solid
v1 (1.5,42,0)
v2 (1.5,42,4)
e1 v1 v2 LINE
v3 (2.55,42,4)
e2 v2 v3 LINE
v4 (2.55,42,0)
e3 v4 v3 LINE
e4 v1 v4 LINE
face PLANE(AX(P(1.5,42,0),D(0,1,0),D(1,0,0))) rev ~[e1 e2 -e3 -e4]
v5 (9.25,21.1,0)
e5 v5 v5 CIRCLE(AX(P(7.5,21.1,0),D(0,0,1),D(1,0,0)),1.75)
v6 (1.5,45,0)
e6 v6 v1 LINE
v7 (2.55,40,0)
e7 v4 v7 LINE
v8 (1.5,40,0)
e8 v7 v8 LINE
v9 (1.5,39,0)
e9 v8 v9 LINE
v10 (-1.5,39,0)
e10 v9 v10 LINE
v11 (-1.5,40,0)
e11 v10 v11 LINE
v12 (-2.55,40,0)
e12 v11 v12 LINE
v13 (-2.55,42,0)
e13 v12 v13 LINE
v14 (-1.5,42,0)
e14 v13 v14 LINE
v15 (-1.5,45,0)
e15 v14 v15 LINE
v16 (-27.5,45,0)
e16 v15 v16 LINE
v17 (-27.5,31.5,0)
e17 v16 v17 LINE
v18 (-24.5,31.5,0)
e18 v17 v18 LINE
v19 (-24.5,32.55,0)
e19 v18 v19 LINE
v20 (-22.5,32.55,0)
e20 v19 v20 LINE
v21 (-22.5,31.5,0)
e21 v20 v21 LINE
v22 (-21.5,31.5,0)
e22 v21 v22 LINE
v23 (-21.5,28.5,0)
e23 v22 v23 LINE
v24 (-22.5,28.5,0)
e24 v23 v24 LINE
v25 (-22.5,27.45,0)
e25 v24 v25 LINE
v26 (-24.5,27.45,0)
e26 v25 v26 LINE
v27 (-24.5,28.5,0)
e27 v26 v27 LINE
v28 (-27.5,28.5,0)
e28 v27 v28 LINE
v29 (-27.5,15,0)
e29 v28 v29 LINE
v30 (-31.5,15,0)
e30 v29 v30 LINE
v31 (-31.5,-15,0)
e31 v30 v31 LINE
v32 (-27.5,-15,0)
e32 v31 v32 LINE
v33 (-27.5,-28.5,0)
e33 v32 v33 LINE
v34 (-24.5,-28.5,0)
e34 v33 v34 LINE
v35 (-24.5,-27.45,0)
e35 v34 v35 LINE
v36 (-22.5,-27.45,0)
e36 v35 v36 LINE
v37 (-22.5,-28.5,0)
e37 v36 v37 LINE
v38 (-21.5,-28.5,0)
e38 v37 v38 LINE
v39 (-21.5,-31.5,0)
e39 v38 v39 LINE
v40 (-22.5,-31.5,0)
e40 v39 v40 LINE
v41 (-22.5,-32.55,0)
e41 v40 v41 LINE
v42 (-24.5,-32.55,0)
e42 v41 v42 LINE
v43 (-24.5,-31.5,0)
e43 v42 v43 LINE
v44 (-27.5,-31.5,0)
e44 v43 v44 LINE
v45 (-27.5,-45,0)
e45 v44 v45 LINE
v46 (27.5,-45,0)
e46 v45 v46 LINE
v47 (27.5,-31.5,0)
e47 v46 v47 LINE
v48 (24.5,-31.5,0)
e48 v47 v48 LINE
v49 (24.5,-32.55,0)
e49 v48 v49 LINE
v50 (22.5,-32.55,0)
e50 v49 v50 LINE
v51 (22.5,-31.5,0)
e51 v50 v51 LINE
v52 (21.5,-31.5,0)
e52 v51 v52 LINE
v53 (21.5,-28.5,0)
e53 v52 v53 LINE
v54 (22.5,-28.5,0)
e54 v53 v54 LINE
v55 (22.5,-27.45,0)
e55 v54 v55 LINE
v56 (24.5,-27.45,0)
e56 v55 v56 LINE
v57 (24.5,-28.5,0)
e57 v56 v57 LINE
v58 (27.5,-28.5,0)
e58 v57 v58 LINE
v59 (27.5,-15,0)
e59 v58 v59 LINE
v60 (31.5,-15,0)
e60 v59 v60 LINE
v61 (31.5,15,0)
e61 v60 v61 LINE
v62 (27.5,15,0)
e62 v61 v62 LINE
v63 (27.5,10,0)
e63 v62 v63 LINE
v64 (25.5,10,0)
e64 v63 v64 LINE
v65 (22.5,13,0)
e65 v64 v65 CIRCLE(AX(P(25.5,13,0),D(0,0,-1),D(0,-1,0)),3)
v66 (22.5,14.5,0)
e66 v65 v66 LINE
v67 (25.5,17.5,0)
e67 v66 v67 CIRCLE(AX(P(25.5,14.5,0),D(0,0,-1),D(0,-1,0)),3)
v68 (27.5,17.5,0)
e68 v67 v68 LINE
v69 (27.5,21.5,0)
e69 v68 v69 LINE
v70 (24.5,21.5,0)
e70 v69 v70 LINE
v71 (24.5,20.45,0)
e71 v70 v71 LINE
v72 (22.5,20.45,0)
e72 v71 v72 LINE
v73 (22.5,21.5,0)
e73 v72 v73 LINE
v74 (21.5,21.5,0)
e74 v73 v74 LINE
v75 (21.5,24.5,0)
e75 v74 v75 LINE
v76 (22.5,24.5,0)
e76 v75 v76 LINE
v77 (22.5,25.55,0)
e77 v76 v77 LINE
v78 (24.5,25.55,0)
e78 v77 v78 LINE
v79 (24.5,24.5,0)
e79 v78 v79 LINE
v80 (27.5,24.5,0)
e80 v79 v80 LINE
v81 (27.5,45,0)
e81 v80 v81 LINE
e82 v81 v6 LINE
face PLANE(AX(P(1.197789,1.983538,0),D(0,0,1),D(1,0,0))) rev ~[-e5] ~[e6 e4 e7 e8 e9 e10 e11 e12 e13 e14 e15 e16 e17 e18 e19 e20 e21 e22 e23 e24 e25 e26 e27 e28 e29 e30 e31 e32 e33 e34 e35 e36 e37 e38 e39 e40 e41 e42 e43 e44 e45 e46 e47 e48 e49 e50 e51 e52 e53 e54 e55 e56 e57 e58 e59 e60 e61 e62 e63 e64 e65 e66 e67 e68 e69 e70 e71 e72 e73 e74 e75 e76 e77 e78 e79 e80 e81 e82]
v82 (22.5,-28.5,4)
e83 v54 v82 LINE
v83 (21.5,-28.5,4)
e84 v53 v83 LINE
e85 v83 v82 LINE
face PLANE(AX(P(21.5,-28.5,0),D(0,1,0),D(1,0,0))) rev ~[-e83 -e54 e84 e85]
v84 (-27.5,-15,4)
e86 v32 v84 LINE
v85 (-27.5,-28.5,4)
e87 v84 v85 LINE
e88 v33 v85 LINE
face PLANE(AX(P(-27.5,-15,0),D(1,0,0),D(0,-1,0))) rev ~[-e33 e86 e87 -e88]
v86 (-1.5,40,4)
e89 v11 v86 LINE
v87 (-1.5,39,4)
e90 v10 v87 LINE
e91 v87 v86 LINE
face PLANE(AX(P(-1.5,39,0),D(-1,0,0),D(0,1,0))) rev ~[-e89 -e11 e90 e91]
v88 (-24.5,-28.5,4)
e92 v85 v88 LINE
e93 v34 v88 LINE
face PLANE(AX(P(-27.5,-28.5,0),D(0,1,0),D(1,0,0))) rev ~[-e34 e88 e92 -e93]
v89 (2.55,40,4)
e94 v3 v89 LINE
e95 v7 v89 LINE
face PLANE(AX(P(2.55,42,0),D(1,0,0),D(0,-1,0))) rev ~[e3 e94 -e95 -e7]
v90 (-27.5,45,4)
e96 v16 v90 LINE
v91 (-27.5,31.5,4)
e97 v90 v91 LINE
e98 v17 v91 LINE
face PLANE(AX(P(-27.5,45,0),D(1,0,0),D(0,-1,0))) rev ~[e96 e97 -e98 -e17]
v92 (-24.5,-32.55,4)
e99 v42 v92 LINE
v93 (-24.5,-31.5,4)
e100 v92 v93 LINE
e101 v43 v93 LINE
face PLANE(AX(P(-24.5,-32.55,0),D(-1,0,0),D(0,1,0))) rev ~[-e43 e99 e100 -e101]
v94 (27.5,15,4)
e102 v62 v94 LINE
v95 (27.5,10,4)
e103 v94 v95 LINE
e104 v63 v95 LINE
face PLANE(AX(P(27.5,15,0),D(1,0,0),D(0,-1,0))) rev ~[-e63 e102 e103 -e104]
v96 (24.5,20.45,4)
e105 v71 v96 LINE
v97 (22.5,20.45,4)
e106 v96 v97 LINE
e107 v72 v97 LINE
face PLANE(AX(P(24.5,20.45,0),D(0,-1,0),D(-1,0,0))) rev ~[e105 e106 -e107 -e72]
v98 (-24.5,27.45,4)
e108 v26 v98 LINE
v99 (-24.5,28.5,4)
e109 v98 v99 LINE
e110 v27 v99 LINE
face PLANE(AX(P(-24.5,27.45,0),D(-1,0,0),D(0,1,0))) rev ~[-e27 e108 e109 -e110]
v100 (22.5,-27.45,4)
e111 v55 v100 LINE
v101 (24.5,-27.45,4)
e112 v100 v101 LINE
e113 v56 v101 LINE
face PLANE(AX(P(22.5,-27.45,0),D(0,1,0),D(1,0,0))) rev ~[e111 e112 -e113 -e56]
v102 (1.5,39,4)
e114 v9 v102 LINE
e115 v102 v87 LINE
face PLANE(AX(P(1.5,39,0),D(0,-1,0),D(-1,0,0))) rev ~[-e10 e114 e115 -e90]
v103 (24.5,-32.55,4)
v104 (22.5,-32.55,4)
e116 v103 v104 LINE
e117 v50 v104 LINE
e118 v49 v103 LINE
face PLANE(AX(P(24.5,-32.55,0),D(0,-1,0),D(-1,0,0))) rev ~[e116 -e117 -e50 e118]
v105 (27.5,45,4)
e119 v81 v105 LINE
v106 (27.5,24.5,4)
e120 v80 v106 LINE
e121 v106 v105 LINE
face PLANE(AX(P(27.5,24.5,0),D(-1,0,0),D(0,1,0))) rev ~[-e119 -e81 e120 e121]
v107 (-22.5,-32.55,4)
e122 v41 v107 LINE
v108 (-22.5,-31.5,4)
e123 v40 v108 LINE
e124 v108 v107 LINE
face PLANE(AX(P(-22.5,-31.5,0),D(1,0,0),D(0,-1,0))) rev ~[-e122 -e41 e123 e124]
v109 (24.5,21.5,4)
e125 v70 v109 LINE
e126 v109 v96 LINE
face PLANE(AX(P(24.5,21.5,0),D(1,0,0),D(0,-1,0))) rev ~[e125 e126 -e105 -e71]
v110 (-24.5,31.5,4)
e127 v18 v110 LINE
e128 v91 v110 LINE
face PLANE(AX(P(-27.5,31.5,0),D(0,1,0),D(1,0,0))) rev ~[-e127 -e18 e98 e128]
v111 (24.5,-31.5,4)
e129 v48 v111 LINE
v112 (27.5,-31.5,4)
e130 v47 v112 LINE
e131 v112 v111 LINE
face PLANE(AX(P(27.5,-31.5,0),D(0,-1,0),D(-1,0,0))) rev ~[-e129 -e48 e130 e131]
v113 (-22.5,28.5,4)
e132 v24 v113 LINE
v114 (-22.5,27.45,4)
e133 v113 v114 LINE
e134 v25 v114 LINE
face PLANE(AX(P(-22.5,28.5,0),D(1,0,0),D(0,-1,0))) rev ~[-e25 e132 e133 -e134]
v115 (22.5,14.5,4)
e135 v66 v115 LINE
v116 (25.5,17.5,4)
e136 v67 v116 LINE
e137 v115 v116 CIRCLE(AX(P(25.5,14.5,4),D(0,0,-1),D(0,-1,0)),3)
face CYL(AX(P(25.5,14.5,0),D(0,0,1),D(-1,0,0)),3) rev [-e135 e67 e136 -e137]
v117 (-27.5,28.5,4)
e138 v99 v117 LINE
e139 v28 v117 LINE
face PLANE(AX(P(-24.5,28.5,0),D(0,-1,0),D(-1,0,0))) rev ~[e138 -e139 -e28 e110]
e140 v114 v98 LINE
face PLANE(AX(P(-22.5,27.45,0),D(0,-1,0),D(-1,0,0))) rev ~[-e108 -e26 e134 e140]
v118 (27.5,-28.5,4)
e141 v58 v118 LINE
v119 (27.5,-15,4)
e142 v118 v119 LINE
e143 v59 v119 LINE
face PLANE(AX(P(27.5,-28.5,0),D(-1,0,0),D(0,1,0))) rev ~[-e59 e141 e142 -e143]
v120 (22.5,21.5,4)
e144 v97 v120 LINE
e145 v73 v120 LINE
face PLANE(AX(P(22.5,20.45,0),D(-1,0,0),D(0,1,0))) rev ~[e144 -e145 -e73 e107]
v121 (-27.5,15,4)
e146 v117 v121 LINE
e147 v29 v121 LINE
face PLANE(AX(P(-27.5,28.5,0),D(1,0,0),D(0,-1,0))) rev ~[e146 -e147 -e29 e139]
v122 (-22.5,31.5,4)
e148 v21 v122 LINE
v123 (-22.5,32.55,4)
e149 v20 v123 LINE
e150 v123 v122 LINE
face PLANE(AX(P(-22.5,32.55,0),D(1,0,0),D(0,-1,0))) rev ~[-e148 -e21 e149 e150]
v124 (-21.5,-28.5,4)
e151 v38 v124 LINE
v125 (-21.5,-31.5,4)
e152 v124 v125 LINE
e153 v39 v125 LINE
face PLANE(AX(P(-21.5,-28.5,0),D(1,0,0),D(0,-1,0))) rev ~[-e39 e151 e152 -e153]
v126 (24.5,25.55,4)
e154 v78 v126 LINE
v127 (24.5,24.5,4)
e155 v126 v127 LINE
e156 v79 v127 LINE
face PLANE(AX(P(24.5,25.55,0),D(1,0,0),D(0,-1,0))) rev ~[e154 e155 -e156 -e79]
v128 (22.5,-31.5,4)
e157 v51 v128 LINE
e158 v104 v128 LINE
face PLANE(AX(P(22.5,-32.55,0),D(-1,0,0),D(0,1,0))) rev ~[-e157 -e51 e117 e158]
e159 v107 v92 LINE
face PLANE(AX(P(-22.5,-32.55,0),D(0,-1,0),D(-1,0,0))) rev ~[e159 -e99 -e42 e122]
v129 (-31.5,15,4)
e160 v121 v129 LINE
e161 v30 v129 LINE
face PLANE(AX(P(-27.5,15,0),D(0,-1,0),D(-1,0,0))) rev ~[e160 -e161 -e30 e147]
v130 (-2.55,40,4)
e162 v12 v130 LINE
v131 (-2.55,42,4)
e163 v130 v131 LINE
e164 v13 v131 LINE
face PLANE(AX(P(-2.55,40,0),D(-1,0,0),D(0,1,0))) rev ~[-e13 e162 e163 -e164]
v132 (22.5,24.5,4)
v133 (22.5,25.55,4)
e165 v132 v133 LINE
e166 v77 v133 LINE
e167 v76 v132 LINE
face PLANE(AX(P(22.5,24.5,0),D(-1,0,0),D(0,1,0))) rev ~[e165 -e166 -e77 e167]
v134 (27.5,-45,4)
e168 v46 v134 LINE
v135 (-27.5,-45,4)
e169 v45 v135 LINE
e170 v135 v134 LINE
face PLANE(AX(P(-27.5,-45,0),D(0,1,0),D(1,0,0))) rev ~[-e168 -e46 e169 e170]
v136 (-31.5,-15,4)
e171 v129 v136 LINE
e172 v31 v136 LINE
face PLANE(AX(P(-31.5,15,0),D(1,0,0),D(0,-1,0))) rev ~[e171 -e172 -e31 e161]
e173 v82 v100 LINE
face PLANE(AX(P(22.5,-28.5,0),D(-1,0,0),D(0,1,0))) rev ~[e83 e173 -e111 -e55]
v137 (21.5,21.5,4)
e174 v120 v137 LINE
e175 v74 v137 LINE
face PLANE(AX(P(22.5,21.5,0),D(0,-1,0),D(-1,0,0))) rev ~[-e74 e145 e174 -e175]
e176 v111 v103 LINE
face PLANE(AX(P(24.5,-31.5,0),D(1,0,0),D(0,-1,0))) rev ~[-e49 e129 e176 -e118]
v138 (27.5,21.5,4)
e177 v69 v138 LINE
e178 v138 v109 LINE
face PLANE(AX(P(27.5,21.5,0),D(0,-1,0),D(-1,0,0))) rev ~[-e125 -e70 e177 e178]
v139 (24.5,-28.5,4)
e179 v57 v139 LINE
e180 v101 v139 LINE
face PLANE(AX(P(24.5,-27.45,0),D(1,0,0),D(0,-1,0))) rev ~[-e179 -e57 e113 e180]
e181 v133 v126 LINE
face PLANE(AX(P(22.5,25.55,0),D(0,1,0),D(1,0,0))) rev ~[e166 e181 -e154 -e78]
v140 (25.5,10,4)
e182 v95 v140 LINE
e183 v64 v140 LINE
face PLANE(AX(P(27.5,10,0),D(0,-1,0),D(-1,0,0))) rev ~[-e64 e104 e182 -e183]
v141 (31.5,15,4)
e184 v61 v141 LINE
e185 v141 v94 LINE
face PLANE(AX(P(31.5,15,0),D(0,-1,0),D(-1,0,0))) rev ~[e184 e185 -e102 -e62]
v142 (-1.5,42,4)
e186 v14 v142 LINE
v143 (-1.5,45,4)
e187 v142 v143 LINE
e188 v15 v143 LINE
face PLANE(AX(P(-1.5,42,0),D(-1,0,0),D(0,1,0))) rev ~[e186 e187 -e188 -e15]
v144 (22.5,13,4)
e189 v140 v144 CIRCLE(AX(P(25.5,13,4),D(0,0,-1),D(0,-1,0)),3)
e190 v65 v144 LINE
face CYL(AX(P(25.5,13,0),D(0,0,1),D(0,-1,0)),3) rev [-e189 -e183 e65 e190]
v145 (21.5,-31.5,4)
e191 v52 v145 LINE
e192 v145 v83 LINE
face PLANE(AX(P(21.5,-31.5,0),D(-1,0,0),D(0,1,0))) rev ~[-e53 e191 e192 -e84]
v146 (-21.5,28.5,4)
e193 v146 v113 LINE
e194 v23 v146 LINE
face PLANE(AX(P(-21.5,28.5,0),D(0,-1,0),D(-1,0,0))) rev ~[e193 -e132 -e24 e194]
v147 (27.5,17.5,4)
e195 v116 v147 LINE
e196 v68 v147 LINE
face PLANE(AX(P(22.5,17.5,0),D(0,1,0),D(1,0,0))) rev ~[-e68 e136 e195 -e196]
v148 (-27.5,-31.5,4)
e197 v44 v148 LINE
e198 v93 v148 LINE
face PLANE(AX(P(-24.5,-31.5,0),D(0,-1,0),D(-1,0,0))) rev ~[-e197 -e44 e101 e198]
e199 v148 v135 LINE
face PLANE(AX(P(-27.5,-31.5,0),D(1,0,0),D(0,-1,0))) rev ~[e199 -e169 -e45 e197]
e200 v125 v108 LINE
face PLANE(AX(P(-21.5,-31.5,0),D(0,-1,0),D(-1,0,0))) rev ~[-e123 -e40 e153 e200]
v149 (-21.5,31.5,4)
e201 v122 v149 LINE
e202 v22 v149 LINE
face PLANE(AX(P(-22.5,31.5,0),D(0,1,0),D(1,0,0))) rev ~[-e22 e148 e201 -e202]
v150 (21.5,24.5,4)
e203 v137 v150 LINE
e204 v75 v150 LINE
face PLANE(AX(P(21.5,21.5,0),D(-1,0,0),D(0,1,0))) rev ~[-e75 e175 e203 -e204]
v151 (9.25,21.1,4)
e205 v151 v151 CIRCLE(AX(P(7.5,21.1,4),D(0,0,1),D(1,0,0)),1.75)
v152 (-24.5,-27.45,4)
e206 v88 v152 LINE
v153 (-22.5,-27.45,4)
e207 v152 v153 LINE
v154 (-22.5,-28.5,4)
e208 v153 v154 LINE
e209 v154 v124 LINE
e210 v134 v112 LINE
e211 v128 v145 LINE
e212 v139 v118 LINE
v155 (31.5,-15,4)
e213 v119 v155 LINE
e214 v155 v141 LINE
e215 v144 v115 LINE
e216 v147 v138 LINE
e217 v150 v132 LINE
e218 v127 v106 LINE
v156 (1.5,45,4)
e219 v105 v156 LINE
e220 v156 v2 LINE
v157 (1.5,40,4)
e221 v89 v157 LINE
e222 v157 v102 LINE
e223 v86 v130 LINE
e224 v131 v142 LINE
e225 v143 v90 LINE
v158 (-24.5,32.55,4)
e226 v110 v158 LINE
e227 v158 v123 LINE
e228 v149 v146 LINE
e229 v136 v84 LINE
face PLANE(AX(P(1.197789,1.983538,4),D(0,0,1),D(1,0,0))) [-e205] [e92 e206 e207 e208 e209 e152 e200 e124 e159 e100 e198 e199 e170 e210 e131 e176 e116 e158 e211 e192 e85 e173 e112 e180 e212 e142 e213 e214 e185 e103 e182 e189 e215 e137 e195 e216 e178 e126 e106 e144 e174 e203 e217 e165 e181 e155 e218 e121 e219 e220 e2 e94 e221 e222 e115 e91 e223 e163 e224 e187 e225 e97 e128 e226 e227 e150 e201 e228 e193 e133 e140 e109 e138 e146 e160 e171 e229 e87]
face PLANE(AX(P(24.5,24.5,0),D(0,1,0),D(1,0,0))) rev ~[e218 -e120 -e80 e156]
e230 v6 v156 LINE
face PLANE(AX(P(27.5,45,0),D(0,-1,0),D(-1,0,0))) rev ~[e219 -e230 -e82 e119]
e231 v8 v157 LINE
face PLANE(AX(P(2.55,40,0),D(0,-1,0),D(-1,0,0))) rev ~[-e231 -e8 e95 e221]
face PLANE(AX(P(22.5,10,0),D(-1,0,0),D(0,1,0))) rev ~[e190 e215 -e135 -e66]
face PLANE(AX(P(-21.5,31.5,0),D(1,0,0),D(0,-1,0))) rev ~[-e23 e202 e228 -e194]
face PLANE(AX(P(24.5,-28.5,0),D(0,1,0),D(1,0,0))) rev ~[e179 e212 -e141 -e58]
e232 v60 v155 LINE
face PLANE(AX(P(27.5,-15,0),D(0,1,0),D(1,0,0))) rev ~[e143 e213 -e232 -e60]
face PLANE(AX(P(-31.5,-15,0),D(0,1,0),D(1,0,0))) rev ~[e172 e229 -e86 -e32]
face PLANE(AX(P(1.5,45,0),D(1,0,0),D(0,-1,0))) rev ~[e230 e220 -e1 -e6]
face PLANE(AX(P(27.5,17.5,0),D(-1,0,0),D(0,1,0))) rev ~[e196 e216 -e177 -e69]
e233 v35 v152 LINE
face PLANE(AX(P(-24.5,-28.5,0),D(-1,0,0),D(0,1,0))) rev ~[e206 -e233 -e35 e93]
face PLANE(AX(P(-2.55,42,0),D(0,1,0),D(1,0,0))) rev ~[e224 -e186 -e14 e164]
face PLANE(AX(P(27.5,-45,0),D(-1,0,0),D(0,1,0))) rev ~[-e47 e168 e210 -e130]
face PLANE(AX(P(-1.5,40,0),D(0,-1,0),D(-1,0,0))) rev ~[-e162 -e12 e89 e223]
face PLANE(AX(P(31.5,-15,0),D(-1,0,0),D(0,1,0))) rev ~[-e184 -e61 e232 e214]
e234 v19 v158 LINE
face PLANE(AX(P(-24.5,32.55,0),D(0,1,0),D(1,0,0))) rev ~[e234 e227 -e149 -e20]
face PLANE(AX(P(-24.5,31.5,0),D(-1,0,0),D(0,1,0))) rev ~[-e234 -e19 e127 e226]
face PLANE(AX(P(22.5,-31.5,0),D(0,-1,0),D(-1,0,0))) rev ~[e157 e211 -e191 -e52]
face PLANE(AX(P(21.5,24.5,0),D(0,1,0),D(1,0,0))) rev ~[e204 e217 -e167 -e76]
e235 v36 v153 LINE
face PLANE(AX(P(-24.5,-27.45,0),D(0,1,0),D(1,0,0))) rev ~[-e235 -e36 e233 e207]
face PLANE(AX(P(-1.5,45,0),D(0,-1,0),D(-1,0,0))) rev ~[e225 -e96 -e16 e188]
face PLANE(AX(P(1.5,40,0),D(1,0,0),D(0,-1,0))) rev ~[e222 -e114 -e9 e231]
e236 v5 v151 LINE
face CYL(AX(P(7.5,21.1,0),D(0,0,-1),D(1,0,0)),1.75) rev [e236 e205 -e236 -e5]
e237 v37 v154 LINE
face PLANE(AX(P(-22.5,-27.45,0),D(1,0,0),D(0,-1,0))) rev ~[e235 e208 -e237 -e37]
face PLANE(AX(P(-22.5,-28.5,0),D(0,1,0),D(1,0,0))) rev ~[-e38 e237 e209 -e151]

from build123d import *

# Parameters (mm, degrees)
SKETCH_1_R      = 1.75
EXTRUDE_1_DEPTH = 4
FILLET_1_R      = 3


with BuildPart() as part:
    # Эскиз1 → Бобышка-Вытянуть1 (new body)
    with BuildSketch(Plane.XY):
        Polygon((-27.5, -31.5), (-27.5, -45), (27.5, -45), (27.5, -31.5), (24.5, -31.5), (24.5, -32.55), (22.5, -32.55), (22.5, -31.5), (21.5, -31.5), (21.5, -28.5), (22.5, -28.5), (22.5, -27.45), (24.5, -27.45), (24.5, -28.5), (27.5, -28.5), (27.5, -15), (31.5, -15), (31.5, 15), (27.5, 15), (27.5, 10), (22.5, 10), (22.5, 17.5), (27.5, 17.5), (27.5, 21.5), (24.5, 21.5), (24.5, 20.45), (22.5, 20.45), (22.5, 21.5), (21.5, 21.5), (21.5, 24.5), (22.5, 24.5), (22.5, 25.55), (24.5, 25.55), (24.5, 24.5), (27.5, 24.5), (27.5, 45), (1.5, 45), (1.5, 42), (2.55, 42), (2.55, 40), (1.5, 40), (1.5, 39), (-1.5, 39), (-1.5, 40), (-2.55, 40), (-2.55, 42), (-1.5, 42), (-1.5, 45), (-27.5, 45), (-27.5, 31.5), (-24.5, 31.5), (-24.5, 32.55), (-22.5, 32.55), (-22.5, 31.5), (-21.5, 31.5), (-21.5, 28.5), (-22.5, 28.5), (-22.5, 27.45), (-24.5, 27.45), (-24.5, 28.5), (-27.5, 28.5), (-27.5, 15), (-31.5, 15), (-31.5, -15), (-27.5, -15), (-27.5, -28.5), (-24.5, -28.5), (-24.5, -27.45), (-22.5, -27.45), (-22.5, -28.5), (-21.5, -28.5), (-21.5, -31.5), (-22.5, -31.5), (-22.5, -32.55), (-24.5, -32.55), (-24.5, -31.5), align=None)
        with Locations((7.5, 21.1)):
            Circle(SKETCH_1_R, mode=Mode.SUBTRACT)
    extrude(amount=EXTRUDE_1_DEPTH)

    # Скругление1
    fillet_1_edges = [part.edges().sort_by_distance(p)[0] for p in [
        (22.5, 17.5, 2),
        (22.5, 10, 2),
    ]]
    fillet(fillet_1_edges, radius=FILLET_1_R)


solid = part.part
